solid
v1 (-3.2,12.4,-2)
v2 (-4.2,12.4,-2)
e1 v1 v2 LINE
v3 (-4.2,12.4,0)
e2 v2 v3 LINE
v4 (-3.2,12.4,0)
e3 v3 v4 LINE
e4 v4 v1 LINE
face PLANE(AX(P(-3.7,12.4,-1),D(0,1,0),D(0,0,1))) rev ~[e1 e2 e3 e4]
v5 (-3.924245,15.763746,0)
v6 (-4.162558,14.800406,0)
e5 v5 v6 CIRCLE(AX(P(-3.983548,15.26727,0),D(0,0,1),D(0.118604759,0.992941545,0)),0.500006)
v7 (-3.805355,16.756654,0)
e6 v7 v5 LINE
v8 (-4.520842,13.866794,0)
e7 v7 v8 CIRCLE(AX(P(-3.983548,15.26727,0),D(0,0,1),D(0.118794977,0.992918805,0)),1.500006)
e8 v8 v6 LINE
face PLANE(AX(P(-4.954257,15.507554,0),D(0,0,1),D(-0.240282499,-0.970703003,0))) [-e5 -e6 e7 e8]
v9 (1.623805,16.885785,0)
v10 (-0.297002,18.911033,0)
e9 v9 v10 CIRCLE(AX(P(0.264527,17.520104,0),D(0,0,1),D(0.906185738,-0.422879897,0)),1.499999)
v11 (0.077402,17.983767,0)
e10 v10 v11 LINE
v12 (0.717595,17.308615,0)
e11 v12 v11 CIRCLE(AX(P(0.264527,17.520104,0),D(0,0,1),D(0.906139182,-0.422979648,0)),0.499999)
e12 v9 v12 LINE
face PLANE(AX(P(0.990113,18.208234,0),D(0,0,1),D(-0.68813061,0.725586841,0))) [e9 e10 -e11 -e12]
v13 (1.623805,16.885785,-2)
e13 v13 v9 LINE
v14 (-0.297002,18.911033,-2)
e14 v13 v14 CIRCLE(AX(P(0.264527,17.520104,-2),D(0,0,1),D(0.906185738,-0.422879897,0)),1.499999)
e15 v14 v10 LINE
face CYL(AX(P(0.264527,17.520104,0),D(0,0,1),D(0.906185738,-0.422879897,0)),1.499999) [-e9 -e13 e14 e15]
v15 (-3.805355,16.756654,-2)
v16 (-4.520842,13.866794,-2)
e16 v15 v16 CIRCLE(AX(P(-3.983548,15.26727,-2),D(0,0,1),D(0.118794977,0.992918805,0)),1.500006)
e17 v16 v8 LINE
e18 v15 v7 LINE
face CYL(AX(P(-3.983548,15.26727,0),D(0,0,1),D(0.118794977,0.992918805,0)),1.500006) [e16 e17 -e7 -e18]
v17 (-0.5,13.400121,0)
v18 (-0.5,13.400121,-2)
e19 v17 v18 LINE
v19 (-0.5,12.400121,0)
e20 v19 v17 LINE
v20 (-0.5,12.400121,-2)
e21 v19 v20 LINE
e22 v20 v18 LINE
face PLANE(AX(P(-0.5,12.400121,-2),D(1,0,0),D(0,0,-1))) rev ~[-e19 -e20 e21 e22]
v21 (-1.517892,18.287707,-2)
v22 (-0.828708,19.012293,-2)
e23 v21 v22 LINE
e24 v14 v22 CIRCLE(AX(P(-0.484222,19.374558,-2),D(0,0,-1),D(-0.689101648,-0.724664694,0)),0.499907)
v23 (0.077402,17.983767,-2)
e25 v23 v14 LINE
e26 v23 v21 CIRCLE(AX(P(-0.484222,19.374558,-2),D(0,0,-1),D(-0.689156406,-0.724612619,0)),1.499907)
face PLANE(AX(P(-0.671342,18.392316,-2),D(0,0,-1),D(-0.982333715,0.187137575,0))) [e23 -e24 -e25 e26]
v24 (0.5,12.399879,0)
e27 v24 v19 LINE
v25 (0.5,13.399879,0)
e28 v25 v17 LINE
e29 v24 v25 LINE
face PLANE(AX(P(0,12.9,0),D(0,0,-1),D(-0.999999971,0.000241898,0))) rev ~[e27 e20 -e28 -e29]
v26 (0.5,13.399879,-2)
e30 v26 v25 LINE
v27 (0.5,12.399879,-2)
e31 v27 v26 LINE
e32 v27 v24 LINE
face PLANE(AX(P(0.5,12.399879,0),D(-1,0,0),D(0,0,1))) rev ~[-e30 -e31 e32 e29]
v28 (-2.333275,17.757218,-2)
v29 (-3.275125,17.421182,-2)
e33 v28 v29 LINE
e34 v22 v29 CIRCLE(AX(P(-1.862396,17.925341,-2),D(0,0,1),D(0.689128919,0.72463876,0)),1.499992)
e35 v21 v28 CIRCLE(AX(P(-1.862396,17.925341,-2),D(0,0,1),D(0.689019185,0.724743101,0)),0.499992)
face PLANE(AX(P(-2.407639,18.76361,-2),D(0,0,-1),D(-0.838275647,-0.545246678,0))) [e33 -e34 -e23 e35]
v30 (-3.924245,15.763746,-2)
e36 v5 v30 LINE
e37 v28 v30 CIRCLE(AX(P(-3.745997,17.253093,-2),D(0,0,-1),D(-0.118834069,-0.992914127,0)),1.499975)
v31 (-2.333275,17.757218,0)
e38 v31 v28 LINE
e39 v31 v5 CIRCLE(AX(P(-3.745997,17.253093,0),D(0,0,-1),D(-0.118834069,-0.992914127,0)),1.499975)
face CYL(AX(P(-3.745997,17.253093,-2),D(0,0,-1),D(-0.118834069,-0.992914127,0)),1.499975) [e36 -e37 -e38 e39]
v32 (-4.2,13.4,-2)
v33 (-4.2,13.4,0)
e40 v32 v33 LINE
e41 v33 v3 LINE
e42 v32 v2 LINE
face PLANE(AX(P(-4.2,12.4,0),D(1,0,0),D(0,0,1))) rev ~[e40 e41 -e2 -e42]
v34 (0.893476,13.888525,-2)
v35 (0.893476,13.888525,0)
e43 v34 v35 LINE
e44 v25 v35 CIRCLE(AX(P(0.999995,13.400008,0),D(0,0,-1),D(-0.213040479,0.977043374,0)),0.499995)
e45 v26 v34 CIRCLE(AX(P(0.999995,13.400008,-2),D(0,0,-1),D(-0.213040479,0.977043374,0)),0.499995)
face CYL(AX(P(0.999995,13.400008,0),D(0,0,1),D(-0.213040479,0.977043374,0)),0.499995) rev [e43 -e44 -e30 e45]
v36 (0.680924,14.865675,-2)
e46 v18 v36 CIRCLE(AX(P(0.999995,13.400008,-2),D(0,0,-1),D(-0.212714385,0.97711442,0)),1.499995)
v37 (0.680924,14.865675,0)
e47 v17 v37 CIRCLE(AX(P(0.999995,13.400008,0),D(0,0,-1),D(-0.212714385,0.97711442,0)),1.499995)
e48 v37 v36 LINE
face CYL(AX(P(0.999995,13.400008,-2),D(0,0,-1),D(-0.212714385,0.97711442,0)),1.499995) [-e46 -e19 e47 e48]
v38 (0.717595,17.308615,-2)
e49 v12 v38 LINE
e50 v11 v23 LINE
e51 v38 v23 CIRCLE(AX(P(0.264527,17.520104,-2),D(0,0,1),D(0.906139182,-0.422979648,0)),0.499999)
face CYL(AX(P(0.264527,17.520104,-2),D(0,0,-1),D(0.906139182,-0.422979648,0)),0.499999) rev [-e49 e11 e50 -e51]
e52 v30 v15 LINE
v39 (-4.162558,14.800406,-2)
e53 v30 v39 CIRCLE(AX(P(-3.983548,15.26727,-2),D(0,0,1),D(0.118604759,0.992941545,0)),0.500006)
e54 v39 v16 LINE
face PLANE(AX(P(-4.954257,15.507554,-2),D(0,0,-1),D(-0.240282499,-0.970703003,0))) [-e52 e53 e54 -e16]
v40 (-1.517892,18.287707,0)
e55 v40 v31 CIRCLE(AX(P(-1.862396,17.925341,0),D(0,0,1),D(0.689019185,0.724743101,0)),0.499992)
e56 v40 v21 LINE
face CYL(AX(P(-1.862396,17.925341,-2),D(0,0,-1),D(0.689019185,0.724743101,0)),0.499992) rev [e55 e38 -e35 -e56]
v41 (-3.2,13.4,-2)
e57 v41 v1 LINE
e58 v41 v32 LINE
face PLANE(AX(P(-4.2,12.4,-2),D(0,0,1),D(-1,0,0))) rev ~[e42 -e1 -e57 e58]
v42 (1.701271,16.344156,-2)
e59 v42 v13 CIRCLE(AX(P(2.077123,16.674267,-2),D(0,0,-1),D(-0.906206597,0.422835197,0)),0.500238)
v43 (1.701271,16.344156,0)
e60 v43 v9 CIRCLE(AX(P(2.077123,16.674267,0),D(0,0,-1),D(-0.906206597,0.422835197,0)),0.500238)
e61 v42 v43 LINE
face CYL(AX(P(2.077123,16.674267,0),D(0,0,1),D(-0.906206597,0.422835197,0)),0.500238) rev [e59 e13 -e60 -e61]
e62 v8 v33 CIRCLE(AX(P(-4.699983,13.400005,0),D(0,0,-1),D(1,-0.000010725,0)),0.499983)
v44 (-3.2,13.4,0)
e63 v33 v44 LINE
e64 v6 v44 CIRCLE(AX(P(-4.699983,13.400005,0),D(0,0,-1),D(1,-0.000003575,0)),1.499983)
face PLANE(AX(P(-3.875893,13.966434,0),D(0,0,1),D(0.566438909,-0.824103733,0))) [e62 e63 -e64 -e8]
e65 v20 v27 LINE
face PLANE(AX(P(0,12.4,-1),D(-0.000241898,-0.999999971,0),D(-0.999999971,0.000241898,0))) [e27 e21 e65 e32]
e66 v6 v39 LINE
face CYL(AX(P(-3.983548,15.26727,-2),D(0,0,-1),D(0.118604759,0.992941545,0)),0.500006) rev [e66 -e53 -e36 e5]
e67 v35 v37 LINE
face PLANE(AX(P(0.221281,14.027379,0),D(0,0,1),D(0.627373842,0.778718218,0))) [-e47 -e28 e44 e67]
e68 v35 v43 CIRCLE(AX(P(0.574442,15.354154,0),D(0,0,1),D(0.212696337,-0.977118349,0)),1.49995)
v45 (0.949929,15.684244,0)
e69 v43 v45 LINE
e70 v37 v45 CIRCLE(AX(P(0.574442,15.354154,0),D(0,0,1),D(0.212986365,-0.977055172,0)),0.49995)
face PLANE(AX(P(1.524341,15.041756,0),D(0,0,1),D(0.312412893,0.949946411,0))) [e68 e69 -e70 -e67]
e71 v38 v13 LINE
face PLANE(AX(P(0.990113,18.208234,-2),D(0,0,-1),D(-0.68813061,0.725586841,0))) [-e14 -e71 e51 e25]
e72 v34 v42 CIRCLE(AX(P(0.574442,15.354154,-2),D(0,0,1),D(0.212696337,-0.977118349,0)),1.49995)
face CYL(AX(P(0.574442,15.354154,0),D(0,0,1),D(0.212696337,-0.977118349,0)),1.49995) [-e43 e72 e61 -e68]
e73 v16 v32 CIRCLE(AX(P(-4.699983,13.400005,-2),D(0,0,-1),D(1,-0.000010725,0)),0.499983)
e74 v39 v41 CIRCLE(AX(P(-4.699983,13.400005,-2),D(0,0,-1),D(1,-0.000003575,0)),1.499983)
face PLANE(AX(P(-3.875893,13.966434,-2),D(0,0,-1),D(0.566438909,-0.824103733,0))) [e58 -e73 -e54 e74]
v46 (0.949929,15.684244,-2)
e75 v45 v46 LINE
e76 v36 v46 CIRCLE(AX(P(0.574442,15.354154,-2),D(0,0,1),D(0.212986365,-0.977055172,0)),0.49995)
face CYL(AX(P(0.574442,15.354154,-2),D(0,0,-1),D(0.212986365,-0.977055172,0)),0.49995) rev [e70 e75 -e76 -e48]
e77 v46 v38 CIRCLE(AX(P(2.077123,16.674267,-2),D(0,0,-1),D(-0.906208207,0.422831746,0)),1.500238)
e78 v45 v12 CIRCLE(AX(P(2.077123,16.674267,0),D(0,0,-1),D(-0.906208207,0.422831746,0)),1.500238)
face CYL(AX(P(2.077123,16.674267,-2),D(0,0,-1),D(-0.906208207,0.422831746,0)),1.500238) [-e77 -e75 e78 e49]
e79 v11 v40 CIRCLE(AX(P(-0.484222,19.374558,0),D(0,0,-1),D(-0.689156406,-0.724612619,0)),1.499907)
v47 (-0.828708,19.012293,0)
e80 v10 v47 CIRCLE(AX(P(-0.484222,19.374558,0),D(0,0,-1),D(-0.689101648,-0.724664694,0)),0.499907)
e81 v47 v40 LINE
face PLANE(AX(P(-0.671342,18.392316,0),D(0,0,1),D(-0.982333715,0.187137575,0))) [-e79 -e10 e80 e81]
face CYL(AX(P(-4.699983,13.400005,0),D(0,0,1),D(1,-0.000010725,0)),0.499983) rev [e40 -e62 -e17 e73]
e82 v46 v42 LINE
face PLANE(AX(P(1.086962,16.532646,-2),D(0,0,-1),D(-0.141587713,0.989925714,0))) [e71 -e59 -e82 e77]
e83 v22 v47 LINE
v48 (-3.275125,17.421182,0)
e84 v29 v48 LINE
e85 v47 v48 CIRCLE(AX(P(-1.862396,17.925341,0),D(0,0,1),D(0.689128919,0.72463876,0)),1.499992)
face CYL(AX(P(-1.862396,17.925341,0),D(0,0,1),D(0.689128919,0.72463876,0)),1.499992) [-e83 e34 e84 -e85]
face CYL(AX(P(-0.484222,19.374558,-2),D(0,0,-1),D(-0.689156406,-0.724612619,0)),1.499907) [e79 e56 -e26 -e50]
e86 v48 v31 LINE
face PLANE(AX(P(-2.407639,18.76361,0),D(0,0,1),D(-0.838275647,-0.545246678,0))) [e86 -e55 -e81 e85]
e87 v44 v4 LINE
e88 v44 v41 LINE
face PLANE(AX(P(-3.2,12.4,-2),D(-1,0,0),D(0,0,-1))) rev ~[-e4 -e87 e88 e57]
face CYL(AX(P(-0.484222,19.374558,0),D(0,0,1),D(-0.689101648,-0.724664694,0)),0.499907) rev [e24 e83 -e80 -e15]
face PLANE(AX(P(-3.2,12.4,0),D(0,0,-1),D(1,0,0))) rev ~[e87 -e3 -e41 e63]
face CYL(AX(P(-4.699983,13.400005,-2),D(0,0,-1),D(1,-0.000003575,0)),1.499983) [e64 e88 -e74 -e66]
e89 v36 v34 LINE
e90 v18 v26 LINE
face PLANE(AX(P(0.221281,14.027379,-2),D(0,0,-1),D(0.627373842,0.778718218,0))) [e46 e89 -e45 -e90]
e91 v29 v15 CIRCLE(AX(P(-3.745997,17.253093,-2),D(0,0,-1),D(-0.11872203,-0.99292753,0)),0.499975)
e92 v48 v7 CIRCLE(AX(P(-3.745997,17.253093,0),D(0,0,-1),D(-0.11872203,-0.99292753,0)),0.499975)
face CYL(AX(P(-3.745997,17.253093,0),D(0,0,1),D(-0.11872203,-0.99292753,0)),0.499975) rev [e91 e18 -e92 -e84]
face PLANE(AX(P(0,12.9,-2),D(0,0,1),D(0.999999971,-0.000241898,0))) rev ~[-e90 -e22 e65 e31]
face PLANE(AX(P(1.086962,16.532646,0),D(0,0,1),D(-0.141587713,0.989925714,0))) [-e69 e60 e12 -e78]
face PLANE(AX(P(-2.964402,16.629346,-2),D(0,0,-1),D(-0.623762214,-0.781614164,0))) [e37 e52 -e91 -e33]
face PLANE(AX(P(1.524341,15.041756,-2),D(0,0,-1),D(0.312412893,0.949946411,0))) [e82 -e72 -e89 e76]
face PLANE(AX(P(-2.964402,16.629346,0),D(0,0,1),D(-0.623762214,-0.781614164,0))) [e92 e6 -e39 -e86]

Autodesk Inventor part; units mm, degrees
ref_plane "YZ Plane" through (0, 0, 0) normal (1, 0, 0) x (0, 1, 0)
ref_plane "XY Plane" through (0, 0, 0) normal (0, 0, 1) x (1, 0, 0)
sketch "Sketch1" plane through (0, 0, 0) normal (0, 0, 1) x (1, 0, 0)
  line L0 (0.85, 11.55) -> (0.85, -11.55) construction
  arc A0 (0.85, 11.55) -> (-0.85, 11.55) centre (0, 11.55) ccw construction
  line L1 (-0.85, -11.55) -> (-0.85, 11.55) construction
  arc A1 (-0.85, -11.55) -> (0.85, -11.55) centre (0, -11.55) ccw construction
  line L2 (-2.85, 11.55) -> (-2.85, -6.75) construction
  arc A2 (-2.85, 11.55) -> (-4.55, 11.55) centre (-3.7, 11.55) ccw construction
  line L3 (-4.55, -6.75) -> (-4.55, 11.55) construction
  arc A3 (-4.55, -6.75) -> (-2.85, -6.75) centre (-3.7, -6.75) ccw construction
  line L4 (0, 12.4) -> (0, 13.4)
  line L5 (-3.7, 12.4) -> (-3.7, 13.4)
  arc A4 (0.7872, 14.3771) -> (0, 13.4) centre (1, 13.4) ccw
  arc A5 (0.7872, 14.3771) -> (1.3256, 16.0142) centre (0.5744, 15.3542) ccw
  arc A6 (1.1707, 17.0972) -> (1.3256, 16.0142) centre (2.0769, 16.6743) ccw
  arc A7 (1.1707, 17.0972) -> (-0.1098, 18.4474) centre (0.2645, 17.5201) ccw
  arc A8 (-1.1733, 18.65) -> (-0.1098, 18.4474) centre (-0.4842, 19.3746) ccw
  arc A9 (-3.7, 13.4) -> (-4.3417, 14.3336) centre (-4.7, 13.4) ccw
  arc A10 (-3.8648, 16.2602) -> (-4.3417, 14.3336) centre (-3.9835, 15.2672) ccw
  arc A11 (-3.8648, 16.2602) -> (-2.8042, 17.5892) centre (-3.746, 17.2531) ccw
  arc A12 (-1.1733, 18.65) -> (-2.8042, 17.5892) centre (-1.8624, 17.9253) ccw
  point P0 (0, 0)
  dimension "d0" = 1
  dimension "d1" = 1
  dimension "d2" = 1
  dimension "d3" = 1
  dimension "d4" = 1
  dimension "d5" = 1
  dimension "d6" = 1
  dimension "d7" = 1
  dimension "d8" = 1
  dimension "d9" = 1
  dimension "d10" = 1
ref_plane "Work Plane1" through (-3.7, 12.4, 0) normal (0, 1, 0) x (-1, 0, 0)
sketch "Sketch2" plane through (-3.7, 12.4, 0) normal (0, 1, 0) x (-1, 0, 0)
  line L0 (-0.5, 0) -> (0.5, 0)
  line L1 (0.5, 0) -> (0.5, -2)
  line L2 (0.5, -2) -> (-0.5, -2)
  line L3 (-0.5, -2) -> (-0.5, 0)
  point P0 (-3.7, 0)
  point P1 (0, 0)
  dimension "d11" = 1
  dimension "d12" = 2
sweep "Sweep1" add profiles "Sketch2" path "Sketch1"
properties part number "string2"
